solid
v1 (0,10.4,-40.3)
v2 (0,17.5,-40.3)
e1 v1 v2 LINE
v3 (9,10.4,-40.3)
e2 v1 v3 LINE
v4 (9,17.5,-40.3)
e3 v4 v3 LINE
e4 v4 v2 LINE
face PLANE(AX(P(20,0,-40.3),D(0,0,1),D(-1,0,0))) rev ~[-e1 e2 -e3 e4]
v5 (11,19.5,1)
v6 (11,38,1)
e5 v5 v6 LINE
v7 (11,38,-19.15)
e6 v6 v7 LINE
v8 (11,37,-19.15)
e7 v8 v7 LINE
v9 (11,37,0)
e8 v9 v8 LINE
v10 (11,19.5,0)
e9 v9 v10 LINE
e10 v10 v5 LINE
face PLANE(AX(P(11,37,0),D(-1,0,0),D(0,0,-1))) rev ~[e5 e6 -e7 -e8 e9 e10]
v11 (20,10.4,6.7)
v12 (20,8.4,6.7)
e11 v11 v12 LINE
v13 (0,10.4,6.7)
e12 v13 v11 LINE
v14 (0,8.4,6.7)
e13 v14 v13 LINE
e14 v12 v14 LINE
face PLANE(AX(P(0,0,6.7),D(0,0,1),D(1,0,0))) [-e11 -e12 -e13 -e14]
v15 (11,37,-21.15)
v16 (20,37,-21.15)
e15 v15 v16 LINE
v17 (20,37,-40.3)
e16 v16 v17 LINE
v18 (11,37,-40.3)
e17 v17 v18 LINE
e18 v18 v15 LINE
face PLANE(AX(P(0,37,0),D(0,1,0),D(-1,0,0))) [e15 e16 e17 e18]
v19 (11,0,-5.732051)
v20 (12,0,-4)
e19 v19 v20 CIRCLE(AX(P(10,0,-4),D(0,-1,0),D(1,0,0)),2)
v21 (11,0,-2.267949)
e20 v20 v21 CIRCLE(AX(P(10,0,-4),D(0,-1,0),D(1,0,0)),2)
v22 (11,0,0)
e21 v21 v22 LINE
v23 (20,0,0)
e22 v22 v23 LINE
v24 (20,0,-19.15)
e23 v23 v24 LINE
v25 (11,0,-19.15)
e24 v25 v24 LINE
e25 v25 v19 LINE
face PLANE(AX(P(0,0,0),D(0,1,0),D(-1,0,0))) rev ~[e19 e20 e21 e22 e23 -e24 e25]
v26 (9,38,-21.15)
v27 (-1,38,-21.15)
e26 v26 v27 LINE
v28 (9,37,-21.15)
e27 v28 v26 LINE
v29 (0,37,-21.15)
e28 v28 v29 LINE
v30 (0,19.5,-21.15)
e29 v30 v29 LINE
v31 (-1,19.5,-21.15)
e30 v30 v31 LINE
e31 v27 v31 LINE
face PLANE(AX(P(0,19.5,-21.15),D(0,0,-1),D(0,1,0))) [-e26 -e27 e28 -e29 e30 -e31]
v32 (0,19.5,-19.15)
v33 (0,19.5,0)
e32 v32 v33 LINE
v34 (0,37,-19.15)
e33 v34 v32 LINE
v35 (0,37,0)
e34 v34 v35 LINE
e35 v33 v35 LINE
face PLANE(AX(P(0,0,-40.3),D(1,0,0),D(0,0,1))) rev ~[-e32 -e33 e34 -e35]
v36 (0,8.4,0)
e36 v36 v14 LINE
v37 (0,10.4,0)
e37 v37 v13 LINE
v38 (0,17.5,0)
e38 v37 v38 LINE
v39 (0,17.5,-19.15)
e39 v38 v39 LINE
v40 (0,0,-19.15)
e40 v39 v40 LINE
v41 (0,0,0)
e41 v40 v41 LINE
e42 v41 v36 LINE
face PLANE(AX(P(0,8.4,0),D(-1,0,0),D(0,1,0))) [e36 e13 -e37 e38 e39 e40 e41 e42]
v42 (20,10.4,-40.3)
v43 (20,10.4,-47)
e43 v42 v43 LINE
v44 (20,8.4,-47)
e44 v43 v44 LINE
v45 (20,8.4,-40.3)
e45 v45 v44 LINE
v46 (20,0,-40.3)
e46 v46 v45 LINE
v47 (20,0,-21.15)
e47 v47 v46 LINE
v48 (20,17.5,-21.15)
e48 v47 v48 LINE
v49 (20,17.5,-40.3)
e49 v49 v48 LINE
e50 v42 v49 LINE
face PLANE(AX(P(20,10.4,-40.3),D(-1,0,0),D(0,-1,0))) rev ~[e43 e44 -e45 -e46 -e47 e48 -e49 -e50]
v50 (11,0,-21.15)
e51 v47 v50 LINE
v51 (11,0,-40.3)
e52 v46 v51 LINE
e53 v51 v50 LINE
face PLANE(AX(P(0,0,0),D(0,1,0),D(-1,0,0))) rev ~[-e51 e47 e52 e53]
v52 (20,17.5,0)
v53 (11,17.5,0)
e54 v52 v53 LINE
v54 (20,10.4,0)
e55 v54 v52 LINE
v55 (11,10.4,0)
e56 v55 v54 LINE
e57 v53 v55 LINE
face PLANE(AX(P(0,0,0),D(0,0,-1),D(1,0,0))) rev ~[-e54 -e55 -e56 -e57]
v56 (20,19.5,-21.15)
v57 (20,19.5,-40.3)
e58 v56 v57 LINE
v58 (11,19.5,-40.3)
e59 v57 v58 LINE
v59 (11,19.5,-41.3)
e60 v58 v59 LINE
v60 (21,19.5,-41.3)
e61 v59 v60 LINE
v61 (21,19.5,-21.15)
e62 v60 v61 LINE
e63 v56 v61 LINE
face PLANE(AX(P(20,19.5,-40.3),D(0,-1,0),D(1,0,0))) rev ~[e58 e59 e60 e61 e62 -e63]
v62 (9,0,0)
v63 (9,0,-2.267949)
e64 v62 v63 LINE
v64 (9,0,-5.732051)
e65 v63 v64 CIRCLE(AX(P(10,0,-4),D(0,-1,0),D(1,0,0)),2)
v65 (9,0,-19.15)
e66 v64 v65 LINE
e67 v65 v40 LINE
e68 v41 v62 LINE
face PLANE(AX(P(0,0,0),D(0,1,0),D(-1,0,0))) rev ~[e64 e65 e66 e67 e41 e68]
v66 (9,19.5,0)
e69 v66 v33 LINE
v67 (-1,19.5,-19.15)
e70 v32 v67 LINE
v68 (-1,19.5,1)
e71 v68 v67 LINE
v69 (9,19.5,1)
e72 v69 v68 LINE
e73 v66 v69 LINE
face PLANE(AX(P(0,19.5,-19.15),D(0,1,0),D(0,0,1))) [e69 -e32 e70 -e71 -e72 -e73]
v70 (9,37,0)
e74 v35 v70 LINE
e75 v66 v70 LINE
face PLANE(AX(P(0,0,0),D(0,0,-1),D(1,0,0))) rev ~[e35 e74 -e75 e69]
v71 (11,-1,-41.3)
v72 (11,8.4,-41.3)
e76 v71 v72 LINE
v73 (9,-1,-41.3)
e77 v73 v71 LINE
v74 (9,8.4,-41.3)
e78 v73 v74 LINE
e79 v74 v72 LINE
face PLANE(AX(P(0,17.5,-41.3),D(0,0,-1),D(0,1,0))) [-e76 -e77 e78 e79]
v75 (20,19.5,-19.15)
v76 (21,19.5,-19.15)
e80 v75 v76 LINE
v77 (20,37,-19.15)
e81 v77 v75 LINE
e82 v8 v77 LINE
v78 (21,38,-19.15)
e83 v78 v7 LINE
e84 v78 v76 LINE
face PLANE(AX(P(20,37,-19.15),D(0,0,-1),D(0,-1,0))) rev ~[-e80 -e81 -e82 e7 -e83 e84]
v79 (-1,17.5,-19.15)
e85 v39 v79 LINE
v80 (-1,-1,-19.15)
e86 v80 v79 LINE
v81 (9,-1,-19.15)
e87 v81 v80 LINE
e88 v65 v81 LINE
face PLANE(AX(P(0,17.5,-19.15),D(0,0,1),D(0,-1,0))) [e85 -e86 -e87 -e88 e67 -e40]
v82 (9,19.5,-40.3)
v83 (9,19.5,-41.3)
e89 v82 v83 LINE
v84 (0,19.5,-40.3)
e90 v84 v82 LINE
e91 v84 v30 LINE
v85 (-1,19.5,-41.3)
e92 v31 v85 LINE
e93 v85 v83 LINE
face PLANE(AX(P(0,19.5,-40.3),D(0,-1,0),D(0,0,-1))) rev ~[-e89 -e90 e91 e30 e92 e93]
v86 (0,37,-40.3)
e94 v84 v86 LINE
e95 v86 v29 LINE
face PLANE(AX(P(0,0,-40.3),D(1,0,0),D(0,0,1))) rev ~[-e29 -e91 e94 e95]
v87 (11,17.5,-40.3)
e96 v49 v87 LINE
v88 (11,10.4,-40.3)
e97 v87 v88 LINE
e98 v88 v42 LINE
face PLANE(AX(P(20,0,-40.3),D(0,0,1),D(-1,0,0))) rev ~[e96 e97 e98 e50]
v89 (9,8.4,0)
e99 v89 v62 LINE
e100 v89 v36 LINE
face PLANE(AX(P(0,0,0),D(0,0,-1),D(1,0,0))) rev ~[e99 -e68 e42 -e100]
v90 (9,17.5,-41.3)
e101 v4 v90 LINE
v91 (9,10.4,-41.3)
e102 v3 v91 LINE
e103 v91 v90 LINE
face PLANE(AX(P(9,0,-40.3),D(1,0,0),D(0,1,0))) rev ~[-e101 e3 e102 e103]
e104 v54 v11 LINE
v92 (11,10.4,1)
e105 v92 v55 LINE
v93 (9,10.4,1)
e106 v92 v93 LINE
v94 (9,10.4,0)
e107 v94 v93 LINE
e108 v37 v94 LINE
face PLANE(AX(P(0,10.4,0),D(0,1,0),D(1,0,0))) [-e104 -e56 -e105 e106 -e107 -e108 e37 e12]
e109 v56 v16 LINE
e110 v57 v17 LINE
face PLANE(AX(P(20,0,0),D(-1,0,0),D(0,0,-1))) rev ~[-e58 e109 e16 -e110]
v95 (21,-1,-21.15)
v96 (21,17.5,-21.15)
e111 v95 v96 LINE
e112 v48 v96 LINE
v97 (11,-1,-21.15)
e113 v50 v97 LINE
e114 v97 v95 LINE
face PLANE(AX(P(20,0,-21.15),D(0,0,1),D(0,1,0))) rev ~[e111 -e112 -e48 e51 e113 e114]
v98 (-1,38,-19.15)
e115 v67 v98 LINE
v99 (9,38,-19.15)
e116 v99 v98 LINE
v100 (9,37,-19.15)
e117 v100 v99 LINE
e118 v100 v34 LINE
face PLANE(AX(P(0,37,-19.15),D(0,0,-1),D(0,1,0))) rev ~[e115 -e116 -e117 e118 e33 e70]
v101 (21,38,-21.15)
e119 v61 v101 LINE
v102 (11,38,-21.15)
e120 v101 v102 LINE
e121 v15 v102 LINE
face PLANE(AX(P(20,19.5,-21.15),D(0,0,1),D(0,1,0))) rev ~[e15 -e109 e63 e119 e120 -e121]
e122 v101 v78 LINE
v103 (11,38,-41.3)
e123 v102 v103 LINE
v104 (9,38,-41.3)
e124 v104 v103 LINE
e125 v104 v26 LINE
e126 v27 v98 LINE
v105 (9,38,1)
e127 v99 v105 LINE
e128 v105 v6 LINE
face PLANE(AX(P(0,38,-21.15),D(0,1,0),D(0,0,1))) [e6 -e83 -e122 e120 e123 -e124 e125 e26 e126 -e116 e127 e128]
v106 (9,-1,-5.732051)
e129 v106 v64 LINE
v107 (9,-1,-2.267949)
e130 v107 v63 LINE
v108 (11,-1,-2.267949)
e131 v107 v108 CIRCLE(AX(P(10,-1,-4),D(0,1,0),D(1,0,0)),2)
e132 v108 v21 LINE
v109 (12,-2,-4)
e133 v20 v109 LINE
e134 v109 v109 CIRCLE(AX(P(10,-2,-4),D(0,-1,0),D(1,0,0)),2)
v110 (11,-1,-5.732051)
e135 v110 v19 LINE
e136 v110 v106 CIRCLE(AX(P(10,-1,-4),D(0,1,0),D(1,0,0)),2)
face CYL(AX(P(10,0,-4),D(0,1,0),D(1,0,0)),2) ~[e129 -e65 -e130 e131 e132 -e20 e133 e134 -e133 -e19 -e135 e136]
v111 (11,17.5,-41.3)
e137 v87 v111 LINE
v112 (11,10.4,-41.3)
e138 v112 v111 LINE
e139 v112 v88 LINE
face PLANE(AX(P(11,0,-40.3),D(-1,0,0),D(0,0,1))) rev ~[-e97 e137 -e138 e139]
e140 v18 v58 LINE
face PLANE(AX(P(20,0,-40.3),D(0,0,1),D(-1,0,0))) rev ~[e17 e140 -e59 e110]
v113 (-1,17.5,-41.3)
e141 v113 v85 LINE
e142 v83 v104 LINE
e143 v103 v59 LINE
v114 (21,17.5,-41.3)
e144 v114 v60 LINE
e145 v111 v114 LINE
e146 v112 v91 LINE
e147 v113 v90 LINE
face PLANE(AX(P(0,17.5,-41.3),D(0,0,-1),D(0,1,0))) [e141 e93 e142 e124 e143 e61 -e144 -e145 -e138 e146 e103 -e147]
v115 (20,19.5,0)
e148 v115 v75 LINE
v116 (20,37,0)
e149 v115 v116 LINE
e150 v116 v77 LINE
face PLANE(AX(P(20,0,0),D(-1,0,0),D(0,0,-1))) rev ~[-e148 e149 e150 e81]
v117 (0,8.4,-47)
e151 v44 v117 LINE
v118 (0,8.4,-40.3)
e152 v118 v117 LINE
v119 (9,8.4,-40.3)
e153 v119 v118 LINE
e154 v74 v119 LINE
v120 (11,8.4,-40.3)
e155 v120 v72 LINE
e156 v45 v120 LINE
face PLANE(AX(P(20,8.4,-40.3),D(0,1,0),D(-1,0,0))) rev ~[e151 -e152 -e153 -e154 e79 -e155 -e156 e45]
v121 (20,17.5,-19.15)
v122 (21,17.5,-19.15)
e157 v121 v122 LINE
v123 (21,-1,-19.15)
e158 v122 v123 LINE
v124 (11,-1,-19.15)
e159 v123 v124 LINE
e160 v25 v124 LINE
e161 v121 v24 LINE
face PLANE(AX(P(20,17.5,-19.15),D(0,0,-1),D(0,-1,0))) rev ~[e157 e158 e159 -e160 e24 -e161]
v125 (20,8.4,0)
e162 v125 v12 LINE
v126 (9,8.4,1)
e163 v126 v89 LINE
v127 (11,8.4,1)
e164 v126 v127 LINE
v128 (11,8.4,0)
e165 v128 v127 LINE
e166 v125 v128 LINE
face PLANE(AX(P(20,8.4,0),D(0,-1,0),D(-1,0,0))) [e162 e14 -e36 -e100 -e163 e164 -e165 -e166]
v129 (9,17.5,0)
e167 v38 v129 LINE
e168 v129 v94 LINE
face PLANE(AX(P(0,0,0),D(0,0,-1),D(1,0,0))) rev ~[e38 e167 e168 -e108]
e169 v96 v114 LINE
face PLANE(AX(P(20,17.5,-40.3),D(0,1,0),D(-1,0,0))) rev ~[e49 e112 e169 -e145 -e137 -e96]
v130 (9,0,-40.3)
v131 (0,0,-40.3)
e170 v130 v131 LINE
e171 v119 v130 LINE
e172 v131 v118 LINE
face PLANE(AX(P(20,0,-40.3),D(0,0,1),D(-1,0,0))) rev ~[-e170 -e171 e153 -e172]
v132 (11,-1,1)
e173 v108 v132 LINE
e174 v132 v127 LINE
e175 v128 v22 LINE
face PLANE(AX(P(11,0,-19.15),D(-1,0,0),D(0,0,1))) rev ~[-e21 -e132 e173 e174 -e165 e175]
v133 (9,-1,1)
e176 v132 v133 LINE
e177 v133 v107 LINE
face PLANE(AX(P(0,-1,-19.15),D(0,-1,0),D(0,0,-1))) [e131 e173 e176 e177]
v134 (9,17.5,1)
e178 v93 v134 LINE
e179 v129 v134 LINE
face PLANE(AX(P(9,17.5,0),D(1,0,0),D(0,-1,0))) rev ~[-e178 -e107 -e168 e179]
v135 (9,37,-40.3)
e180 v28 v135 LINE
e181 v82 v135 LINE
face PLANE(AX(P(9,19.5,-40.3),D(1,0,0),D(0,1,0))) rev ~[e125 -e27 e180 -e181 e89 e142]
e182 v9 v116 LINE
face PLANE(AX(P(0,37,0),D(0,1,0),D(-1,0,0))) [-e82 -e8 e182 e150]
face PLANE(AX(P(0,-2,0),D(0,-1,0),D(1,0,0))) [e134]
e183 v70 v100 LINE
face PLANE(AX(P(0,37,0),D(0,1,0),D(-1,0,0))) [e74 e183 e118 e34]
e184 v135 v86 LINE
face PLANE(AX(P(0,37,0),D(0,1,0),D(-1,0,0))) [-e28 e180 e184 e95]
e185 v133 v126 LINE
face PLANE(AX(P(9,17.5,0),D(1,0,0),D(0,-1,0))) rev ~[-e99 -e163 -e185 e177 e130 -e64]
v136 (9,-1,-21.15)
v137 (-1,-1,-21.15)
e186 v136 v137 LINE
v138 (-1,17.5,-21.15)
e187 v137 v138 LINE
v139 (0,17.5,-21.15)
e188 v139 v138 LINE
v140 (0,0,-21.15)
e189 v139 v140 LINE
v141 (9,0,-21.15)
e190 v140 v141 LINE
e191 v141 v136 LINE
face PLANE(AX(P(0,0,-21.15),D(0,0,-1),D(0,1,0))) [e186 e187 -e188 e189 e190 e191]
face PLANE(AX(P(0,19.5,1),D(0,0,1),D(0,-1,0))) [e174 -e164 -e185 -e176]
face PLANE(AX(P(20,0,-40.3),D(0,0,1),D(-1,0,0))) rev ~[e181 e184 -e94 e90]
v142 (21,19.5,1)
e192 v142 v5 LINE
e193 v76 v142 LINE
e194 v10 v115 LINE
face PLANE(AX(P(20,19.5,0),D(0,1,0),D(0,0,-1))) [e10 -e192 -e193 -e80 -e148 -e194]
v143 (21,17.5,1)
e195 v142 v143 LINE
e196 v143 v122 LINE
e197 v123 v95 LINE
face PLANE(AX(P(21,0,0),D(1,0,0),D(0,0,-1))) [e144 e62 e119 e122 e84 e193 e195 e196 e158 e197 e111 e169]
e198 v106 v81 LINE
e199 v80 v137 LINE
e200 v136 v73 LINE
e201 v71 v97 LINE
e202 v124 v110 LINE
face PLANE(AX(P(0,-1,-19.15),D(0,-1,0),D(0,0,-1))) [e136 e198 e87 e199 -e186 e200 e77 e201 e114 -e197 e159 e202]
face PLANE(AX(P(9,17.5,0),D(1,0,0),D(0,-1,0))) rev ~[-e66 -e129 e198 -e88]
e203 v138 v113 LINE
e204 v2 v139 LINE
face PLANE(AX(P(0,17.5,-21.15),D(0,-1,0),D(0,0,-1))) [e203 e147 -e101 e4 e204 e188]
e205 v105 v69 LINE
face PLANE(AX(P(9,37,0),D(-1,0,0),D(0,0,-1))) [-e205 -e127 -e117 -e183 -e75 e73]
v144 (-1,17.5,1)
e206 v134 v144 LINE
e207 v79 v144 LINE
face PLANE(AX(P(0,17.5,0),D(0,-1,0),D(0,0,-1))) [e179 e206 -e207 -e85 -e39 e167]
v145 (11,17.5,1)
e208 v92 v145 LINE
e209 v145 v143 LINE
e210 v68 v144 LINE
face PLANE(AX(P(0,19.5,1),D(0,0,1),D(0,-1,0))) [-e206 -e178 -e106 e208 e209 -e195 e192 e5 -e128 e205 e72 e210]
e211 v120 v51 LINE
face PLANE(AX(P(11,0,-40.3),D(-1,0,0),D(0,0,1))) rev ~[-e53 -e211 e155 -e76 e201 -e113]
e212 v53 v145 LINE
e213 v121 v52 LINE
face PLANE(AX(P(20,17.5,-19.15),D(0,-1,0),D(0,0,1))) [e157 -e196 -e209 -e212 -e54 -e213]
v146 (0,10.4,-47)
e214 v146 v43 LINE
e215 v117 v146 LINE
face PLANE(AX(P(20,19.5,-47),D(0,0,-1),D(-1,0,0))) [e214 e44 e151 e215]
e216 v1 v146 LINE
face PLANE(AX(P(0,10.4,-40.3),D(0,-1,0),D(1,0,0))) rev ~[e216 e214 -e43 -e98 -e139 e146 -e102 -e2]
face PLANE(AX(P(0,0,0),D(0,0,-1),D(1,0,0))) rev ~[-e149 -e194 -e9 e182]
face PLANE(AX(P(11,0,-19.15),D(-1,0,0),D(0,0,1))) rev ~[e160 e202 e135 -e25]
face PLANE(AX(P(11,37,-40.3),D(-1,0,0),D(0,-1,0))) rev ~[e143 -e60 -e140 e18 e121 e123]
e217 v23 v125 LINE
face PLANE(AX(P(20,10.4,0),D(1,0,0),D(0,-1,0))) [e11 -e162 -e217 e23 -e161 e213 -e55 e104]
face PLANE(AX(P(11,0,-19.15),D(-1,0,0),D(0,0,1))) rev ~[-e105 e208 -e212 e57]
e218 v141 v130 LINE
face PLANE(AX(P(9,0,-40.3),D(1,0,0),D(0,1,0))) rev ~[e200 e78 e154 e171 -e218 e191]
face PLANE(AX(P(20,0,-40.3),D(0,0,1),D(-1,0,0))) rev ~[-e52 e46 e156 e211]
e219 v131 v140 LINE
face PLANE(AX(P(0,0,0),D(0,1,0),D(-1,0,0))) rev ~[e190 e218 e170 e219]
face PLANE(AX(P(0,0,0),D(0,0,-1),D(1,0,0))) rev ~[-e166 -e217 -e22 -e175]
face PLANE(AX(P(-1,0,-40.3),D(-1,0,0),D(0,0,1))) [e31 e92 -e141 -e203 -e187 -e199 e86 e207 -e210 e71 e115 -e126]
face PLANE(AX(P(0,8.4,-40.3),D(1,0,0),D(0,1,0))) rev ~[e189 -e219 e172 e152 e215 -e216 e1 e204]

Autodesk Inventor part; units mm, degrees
ref_plane "YZ Plane" through (0, 0, 0) normal (1, 0, 0) x (0, 1, 0)
ref_plane "XZ Plane" through (0, 0, 0) normal (0, 1, 0) x (-1, 0, 0)
ref_plane "XY Plane" through (0, 0, 0) normal (0, 0, 1) x (1, 0, 0)
sketch "Sketch1" plane through (0, 0, 0) normal (0, 1, 0) x (-1, 0, 0)
  line L0 (0, 0) -> (-20, 0)
  line L1 (-20, 0) -> (-20, -40.3)
  line L2 (-20, -40.3) -> (0, -40.3)
  line L3 (0, -40.3) -> (0, 0)
  dimension "d0" = 20
  dimension "d1" = 40.3
extrude "Extrusion1" add sketch "Sketch1" along normal blind 37
sketch "Sketch2" plane through (20, 0, 0) normal (1, 0, 0) x (0, 0, -1)
  line L0 (0, 0) -> (40.3, 0) projected
  line L1 (40.3, 0) -> (40.3, 37) projected
  line L2 (21.15, 37) -> (19.15, 37)
  line L3 (19.15, 37) -> (19.15, 0)
  line L4 (19.15, 0) -> (21.15, 0)
  line L5 (21.15, 0) -> (21.15, 37)
  line L6 (0, 37) -> (40.3, 37) projected
  line L7 (0, 19.5) -> (40.3, 19.5)
  line L8 (40.3, 19.5) -> (40.3, 17.5)
  line L9 (40.3, 17.5) -> (0, 17.5)
  line L10 (0, 17.5) -> (0, 19.5)
  line L11 (0, 0) -> (0, 37) projected
  point P0 (19.15, 19.5)
  point P1 (19.15, 17.5)
  point P2 (21.15, 17.5)
  point P3 (21.15, 19.5)
  dimension "d5" = 2
  dimension "d6" = 19.15
  dimension "d7" = 0
  dimension "d9" = 2
  dimension "d10" = 17.5
  dimension "d11" = 0
extrude "Extrusion2" add sketch "Sketch2" along normal blind 1 contours L3 L9 L5 L0 | L10 L7 L3 L9 | L3 L7 L5 L9 | L5 L7 L1 L9 | L3 L2 L5 L7
sketch "Sketch3" plane through (0, 0, 0) normal (0, -1, 0) x (1, 0, 0)
  line L0 (0, 0) -> (20, 0) projected
  line L1 (0, -40.3) -> (0, 0) projected
  line L2 (20, -40.3) -> (0, -40.3) projected
  line L3 (20, -21.15) -> (21, -21.15) projected
  line L4 (21, -19.15) -> (21, -21.15) projected
  line L5 (20, -19.15) -> (21, -19.15) projected
  line L6 (21, -19.15) -> (0, -19.15)
  line L7 (0, -19.15) -> (0, -21.15)
  line L8 (0, -21.15) -> (21, -21.15)
  line L9 (21, -21.15) -> (21, -19.15)
  line L10 (0, 0) -> (20, 0) projected
  line L11 (11, 0) -> (9, 0)
  line L12 (9, 0) -> (9, -40.3)
  line L13 (9, -40.3) -> (11, -40.3)
  line L14 (11, -40.3) -> (11, 0)
  line L15 (9, -40.3) -> (9, 0)
  point P0 (9, -21.15)
  point P1 (11, -21.15)
  point P2 (11, -19.15)
  point P3 (9, -19.15)
  dimension "d14" = 10
  dimension "d15" = 12
  dimension "d16" = 0
extrude "Extrusion3" add sketch "Sketch3" along normal blind 1 contours L0 L14 L6 L12 | L6 L12 L8 L1 | L6 L14 L8 L12 | L6 L5 L4 L3 L8 L14 | L8 L14 L2 L12
sketch "Sketch4" plane through (20, 37, -40.3) normal (0, 0, -1) x (-1, 0, 0)
  line L0 (9, -37) -> (9, -38) projected
  line L1 (11, -38) -> (9, -38) projected
  line L2 (11, -37) -> (11, -38) projected
  line L3 (20, -37) -> (20, 0) projected
  line L4 (0, 0) -> (20, 0) projected
  line L5 (0, -17.5) -> (-1, -17.5) projected
  line L6 (-1, -19.5) -> (-1, -17.5) projected
  line L7 (0, -19.5) -> (-1, -19.5) projected
  line L8 (9, -38) -> (11, -38)
  line L9 (11, -38) -> (11, 0)
  line L10 (11, 0) -> (9, 0)
  line L11 (9, 0) -> (9, -38)
  line L12 (-1, -19.5) -> (20, -19.5)
  line L13 (20, -19.5) -> (20, -17.5)
  line L14 (20, -17.5) -> (-1, -17.5)
  line L15 (-1, -17.5) -> (-1, -19.5)
  point P0 (11, -17.5)
  point P1 (9, -17.5)
  point P2 (9, -19.5)
  point P3 (11, -19.5)
extrude "Extrusion4" add sketch "Sketch4" along normal blind 1 contours L11 L12 L9 L2 L1 L0 | L12 L7 L6 L5 L14 L11 | L11 L14 L9 L12 | L11 L4 L9 L14 | L9 L14 L3 L12
sketch "Sketch5" plane through (0, 37, 0) normal (0, 1, 0) x (1, 0, 0)
  line L0 (20, 19.15) -> (21, 19.15) projected
  line L1 (21, 21.15) -> (21, 19.15) projected
  line L2 (20, 21.15) -> (21, 21.15) projected
  line L3 (11, 40.3) -> (11, 41.3) projected
  line L4 (9, 41.3) -> (11, 41.3) projected
  line L5 (9, 40.3) -> (9, 41.3) projected
  line L6 (0, 40.3) -> (0, 0) projected
  line L7 (0, 0) -> (20, 0) projected
  line L8 (9, 0) -> (9, 19.15) projected
  line L9 (11, 41.3) -> (9, 41.3)
  line L10 (9, 41.3) -> (9, 0)
  line L11 (9, 0) -> (11, 0)
  line L12 (11, 0) -> (11, 41.3)
  line L13 (9, 19.15) -> (0, 19.15) projected
  line L14 (21, 21.15) -> (0, 21.15)
  line L15 (0, 21.15) -> (0, 19.15)
  line L16 (0, 19.15) -> (21, 19.15)
  line L17 (21, 19.15) -> (21, 21.15)
  point P0 (11, 19.15)
  point P1 (11, 21.15)
  point P2 (9, 21.15)
extrude "Extrusion5" add sketch "Sketch5" along normal blind 1 contours L16 L12 L14 L2 L1 L0 | L16 L10 L14 L12 | L12 L7 L8 L16 | L14 L10 L5 L4 L3 L12 | L13 L6 L14 L10
sketch "Sketch6" plane through (0, 0, 0) normal (0, 0, 1) x (1, 0, 0)
  line L0 (9, 0) -> (9, -1) projected
  line L1 (11, -1) -> (9, -1) projected
  line L2 (11, 0) -> (11, -1) projected
  line L3 (20, 17.5) -> (21, 17.5) projected
  line L4 (21, 19.5) -> (21, 17.5) projected
  line L5 (20, 19.5) -> (21, 19.5) projected
  line L6 (11, 37) -> (11, 38) projected
  line L7 (9, 38) -> (11, 38) projected
  line L8 (9, 37) -> (9, 38) projected
  line L9 (0, 0) -> (0, 37) projected
  line L10 (11, 37) -> (11, 38) projected
  line L11 (0, -1) -> (9, -1) projected
  line L12 (11, 38) -> (9, 38)
  line L13 (9, 38) -> (9, -1)
  line L14 (9, -1) -> (11, -1)
  line L15 (11, -1) -> (11, 38)
  line L16 (21, 19.5) -> (21, 17.5) projected
  line L17 (0, 0) -> (0, 17.5) projected
  line L18 (21, 19.5) -> (0, 19.5)
  line L19 (0, 19.5) -> (0, 17.5)
  line L20 (0, 17.5) -> (21, 17.5)
  line L21 (21, 17.5) -> (21, 19.5)
  point P0 (11, 17.5)
  point P1 (11, 19.5)
  point P2 (9, 19.5)
  point P3 (9, 17.5)
extrude "Extrusion6" add sketch "Sketch6" along normal blind 1
sketch "Sketch7" plane through (0, 0, -40.3) normal (-1, 0, 0) x (0, 0, 1)
  line L0 (19.15, 0) -> (19.15, -1) projected
  line L1 (21.15, -1) -> (19.15, -1) projected
  line L2 (21.15, 0) -> (21.15, -1) projected
  line L3 (40.3, 17.5) -> (41.3, 17.5) projected
  line L4 (41.3, 19.5) -> (41.3, 17.5) projected
  line L5 (40.3, 19.5) -> (41.3, 19.5) projected
  line L6 (21.15, 37) -> (21.15, 38) projected
  line L7 (19.15, 38) -> (21.15, 38) projected
  line L8 (19.15, 37) -> (19.15, 38) projected
  line L9 (0, 19.5) -> (-1, 19.5) projected
  line L10 (-1, 17.5) -> (-1, 19.5) projected
  line L11 (0, 17.5) -> (-1, 17.5) projected
  line L12 (19.15, -1) -> (21.15, -1) projected
  line L13 (21.15, -1) -> (19.15, -1)
  line L14 (19.15, -1) -> (19.15, 38)
  line L15 (19.15, 38) -> (21.15, 38)
  line L16 (21.15, 38) -> (21.15, -1)
  line L17 (41.3, 17.5) -> (-1, 17.5)
  line L18 (-1, 17.5) -> (-1, 19.5)
  line L19 (-1, 19.5) -> (41.3, 19.5)
  line L20 (41.3, 19.5) -> (41.3, 17.5)
  point P0 (21.15, 19.5)
  point P1 (19.15, 19.5)
  point P2 (19.15, 17.5)
  point P3 (21.15, 17.5)
extrude "Extrusion7" add sketch "Sketch7" along normal blind 1
sketch "Sketch8" plane through (0, 0, 0) normal (0, -1, 0) x (1, 0, 0)
  circle A0 centre (10, -4) radius 2
  point P0 (0, 0)
  dimension "d27" = 4
extrude "Extrusion8" add sketch "Sketch8" along normal blind 2
sketch "Sketch9" plane through (0, 0, 0) normal (0, 0, 1) x (1, 0, 0)
  line L0 (0, 37) -> (0, 19.5) projected
  line L1 (0, 0) -> (26.6, 0) construction
  line L2 (20, 19.5) -> (20, 37) projected
  line L3 (20, 8.4) -> (0, 8.4)
  line L4 (0, 8.4) -> (0, 10.4)
  line L5 (0, 10.4) -> (20, 10.4)
  line L6 (20, 10.4) -> (20, 8.4)
  point P0 (20, 28.6)
  point P1 (0, 28.6)
  dimension "d32" = 20
  dimension "d33" = 2
  dimension "d40" = 8.4
extrude "Extrusion9" add sketch "Sketch9" along normal blind 6.7
sketch "Sketch10" plane through (20, 19.5, -40.3) normal (0, 0, -1) x (-1, 0, 0)
  line L0 (0, -19.5) -> (9, -19.5) projected
  line L1 (0, -11.1) -> (20, -11.1)
  line L2 (20, -11.1) -> (20, -9.1)
  line L3 (20, -9.1) -> (0, -9.1)
  line L4 (0, -9.1) -> (0, -11.1)
  line L5 (0, -19.5) -> (0, -2) projected
  line L6 (20, -19.5) -> (20, -2) projected
  dimension "d38" = 8.4
  dimension "d39" = 2
extrude "Extrusion10" add sketch "Sketch10" along normal blind 6.7
properties part number "Motor"
